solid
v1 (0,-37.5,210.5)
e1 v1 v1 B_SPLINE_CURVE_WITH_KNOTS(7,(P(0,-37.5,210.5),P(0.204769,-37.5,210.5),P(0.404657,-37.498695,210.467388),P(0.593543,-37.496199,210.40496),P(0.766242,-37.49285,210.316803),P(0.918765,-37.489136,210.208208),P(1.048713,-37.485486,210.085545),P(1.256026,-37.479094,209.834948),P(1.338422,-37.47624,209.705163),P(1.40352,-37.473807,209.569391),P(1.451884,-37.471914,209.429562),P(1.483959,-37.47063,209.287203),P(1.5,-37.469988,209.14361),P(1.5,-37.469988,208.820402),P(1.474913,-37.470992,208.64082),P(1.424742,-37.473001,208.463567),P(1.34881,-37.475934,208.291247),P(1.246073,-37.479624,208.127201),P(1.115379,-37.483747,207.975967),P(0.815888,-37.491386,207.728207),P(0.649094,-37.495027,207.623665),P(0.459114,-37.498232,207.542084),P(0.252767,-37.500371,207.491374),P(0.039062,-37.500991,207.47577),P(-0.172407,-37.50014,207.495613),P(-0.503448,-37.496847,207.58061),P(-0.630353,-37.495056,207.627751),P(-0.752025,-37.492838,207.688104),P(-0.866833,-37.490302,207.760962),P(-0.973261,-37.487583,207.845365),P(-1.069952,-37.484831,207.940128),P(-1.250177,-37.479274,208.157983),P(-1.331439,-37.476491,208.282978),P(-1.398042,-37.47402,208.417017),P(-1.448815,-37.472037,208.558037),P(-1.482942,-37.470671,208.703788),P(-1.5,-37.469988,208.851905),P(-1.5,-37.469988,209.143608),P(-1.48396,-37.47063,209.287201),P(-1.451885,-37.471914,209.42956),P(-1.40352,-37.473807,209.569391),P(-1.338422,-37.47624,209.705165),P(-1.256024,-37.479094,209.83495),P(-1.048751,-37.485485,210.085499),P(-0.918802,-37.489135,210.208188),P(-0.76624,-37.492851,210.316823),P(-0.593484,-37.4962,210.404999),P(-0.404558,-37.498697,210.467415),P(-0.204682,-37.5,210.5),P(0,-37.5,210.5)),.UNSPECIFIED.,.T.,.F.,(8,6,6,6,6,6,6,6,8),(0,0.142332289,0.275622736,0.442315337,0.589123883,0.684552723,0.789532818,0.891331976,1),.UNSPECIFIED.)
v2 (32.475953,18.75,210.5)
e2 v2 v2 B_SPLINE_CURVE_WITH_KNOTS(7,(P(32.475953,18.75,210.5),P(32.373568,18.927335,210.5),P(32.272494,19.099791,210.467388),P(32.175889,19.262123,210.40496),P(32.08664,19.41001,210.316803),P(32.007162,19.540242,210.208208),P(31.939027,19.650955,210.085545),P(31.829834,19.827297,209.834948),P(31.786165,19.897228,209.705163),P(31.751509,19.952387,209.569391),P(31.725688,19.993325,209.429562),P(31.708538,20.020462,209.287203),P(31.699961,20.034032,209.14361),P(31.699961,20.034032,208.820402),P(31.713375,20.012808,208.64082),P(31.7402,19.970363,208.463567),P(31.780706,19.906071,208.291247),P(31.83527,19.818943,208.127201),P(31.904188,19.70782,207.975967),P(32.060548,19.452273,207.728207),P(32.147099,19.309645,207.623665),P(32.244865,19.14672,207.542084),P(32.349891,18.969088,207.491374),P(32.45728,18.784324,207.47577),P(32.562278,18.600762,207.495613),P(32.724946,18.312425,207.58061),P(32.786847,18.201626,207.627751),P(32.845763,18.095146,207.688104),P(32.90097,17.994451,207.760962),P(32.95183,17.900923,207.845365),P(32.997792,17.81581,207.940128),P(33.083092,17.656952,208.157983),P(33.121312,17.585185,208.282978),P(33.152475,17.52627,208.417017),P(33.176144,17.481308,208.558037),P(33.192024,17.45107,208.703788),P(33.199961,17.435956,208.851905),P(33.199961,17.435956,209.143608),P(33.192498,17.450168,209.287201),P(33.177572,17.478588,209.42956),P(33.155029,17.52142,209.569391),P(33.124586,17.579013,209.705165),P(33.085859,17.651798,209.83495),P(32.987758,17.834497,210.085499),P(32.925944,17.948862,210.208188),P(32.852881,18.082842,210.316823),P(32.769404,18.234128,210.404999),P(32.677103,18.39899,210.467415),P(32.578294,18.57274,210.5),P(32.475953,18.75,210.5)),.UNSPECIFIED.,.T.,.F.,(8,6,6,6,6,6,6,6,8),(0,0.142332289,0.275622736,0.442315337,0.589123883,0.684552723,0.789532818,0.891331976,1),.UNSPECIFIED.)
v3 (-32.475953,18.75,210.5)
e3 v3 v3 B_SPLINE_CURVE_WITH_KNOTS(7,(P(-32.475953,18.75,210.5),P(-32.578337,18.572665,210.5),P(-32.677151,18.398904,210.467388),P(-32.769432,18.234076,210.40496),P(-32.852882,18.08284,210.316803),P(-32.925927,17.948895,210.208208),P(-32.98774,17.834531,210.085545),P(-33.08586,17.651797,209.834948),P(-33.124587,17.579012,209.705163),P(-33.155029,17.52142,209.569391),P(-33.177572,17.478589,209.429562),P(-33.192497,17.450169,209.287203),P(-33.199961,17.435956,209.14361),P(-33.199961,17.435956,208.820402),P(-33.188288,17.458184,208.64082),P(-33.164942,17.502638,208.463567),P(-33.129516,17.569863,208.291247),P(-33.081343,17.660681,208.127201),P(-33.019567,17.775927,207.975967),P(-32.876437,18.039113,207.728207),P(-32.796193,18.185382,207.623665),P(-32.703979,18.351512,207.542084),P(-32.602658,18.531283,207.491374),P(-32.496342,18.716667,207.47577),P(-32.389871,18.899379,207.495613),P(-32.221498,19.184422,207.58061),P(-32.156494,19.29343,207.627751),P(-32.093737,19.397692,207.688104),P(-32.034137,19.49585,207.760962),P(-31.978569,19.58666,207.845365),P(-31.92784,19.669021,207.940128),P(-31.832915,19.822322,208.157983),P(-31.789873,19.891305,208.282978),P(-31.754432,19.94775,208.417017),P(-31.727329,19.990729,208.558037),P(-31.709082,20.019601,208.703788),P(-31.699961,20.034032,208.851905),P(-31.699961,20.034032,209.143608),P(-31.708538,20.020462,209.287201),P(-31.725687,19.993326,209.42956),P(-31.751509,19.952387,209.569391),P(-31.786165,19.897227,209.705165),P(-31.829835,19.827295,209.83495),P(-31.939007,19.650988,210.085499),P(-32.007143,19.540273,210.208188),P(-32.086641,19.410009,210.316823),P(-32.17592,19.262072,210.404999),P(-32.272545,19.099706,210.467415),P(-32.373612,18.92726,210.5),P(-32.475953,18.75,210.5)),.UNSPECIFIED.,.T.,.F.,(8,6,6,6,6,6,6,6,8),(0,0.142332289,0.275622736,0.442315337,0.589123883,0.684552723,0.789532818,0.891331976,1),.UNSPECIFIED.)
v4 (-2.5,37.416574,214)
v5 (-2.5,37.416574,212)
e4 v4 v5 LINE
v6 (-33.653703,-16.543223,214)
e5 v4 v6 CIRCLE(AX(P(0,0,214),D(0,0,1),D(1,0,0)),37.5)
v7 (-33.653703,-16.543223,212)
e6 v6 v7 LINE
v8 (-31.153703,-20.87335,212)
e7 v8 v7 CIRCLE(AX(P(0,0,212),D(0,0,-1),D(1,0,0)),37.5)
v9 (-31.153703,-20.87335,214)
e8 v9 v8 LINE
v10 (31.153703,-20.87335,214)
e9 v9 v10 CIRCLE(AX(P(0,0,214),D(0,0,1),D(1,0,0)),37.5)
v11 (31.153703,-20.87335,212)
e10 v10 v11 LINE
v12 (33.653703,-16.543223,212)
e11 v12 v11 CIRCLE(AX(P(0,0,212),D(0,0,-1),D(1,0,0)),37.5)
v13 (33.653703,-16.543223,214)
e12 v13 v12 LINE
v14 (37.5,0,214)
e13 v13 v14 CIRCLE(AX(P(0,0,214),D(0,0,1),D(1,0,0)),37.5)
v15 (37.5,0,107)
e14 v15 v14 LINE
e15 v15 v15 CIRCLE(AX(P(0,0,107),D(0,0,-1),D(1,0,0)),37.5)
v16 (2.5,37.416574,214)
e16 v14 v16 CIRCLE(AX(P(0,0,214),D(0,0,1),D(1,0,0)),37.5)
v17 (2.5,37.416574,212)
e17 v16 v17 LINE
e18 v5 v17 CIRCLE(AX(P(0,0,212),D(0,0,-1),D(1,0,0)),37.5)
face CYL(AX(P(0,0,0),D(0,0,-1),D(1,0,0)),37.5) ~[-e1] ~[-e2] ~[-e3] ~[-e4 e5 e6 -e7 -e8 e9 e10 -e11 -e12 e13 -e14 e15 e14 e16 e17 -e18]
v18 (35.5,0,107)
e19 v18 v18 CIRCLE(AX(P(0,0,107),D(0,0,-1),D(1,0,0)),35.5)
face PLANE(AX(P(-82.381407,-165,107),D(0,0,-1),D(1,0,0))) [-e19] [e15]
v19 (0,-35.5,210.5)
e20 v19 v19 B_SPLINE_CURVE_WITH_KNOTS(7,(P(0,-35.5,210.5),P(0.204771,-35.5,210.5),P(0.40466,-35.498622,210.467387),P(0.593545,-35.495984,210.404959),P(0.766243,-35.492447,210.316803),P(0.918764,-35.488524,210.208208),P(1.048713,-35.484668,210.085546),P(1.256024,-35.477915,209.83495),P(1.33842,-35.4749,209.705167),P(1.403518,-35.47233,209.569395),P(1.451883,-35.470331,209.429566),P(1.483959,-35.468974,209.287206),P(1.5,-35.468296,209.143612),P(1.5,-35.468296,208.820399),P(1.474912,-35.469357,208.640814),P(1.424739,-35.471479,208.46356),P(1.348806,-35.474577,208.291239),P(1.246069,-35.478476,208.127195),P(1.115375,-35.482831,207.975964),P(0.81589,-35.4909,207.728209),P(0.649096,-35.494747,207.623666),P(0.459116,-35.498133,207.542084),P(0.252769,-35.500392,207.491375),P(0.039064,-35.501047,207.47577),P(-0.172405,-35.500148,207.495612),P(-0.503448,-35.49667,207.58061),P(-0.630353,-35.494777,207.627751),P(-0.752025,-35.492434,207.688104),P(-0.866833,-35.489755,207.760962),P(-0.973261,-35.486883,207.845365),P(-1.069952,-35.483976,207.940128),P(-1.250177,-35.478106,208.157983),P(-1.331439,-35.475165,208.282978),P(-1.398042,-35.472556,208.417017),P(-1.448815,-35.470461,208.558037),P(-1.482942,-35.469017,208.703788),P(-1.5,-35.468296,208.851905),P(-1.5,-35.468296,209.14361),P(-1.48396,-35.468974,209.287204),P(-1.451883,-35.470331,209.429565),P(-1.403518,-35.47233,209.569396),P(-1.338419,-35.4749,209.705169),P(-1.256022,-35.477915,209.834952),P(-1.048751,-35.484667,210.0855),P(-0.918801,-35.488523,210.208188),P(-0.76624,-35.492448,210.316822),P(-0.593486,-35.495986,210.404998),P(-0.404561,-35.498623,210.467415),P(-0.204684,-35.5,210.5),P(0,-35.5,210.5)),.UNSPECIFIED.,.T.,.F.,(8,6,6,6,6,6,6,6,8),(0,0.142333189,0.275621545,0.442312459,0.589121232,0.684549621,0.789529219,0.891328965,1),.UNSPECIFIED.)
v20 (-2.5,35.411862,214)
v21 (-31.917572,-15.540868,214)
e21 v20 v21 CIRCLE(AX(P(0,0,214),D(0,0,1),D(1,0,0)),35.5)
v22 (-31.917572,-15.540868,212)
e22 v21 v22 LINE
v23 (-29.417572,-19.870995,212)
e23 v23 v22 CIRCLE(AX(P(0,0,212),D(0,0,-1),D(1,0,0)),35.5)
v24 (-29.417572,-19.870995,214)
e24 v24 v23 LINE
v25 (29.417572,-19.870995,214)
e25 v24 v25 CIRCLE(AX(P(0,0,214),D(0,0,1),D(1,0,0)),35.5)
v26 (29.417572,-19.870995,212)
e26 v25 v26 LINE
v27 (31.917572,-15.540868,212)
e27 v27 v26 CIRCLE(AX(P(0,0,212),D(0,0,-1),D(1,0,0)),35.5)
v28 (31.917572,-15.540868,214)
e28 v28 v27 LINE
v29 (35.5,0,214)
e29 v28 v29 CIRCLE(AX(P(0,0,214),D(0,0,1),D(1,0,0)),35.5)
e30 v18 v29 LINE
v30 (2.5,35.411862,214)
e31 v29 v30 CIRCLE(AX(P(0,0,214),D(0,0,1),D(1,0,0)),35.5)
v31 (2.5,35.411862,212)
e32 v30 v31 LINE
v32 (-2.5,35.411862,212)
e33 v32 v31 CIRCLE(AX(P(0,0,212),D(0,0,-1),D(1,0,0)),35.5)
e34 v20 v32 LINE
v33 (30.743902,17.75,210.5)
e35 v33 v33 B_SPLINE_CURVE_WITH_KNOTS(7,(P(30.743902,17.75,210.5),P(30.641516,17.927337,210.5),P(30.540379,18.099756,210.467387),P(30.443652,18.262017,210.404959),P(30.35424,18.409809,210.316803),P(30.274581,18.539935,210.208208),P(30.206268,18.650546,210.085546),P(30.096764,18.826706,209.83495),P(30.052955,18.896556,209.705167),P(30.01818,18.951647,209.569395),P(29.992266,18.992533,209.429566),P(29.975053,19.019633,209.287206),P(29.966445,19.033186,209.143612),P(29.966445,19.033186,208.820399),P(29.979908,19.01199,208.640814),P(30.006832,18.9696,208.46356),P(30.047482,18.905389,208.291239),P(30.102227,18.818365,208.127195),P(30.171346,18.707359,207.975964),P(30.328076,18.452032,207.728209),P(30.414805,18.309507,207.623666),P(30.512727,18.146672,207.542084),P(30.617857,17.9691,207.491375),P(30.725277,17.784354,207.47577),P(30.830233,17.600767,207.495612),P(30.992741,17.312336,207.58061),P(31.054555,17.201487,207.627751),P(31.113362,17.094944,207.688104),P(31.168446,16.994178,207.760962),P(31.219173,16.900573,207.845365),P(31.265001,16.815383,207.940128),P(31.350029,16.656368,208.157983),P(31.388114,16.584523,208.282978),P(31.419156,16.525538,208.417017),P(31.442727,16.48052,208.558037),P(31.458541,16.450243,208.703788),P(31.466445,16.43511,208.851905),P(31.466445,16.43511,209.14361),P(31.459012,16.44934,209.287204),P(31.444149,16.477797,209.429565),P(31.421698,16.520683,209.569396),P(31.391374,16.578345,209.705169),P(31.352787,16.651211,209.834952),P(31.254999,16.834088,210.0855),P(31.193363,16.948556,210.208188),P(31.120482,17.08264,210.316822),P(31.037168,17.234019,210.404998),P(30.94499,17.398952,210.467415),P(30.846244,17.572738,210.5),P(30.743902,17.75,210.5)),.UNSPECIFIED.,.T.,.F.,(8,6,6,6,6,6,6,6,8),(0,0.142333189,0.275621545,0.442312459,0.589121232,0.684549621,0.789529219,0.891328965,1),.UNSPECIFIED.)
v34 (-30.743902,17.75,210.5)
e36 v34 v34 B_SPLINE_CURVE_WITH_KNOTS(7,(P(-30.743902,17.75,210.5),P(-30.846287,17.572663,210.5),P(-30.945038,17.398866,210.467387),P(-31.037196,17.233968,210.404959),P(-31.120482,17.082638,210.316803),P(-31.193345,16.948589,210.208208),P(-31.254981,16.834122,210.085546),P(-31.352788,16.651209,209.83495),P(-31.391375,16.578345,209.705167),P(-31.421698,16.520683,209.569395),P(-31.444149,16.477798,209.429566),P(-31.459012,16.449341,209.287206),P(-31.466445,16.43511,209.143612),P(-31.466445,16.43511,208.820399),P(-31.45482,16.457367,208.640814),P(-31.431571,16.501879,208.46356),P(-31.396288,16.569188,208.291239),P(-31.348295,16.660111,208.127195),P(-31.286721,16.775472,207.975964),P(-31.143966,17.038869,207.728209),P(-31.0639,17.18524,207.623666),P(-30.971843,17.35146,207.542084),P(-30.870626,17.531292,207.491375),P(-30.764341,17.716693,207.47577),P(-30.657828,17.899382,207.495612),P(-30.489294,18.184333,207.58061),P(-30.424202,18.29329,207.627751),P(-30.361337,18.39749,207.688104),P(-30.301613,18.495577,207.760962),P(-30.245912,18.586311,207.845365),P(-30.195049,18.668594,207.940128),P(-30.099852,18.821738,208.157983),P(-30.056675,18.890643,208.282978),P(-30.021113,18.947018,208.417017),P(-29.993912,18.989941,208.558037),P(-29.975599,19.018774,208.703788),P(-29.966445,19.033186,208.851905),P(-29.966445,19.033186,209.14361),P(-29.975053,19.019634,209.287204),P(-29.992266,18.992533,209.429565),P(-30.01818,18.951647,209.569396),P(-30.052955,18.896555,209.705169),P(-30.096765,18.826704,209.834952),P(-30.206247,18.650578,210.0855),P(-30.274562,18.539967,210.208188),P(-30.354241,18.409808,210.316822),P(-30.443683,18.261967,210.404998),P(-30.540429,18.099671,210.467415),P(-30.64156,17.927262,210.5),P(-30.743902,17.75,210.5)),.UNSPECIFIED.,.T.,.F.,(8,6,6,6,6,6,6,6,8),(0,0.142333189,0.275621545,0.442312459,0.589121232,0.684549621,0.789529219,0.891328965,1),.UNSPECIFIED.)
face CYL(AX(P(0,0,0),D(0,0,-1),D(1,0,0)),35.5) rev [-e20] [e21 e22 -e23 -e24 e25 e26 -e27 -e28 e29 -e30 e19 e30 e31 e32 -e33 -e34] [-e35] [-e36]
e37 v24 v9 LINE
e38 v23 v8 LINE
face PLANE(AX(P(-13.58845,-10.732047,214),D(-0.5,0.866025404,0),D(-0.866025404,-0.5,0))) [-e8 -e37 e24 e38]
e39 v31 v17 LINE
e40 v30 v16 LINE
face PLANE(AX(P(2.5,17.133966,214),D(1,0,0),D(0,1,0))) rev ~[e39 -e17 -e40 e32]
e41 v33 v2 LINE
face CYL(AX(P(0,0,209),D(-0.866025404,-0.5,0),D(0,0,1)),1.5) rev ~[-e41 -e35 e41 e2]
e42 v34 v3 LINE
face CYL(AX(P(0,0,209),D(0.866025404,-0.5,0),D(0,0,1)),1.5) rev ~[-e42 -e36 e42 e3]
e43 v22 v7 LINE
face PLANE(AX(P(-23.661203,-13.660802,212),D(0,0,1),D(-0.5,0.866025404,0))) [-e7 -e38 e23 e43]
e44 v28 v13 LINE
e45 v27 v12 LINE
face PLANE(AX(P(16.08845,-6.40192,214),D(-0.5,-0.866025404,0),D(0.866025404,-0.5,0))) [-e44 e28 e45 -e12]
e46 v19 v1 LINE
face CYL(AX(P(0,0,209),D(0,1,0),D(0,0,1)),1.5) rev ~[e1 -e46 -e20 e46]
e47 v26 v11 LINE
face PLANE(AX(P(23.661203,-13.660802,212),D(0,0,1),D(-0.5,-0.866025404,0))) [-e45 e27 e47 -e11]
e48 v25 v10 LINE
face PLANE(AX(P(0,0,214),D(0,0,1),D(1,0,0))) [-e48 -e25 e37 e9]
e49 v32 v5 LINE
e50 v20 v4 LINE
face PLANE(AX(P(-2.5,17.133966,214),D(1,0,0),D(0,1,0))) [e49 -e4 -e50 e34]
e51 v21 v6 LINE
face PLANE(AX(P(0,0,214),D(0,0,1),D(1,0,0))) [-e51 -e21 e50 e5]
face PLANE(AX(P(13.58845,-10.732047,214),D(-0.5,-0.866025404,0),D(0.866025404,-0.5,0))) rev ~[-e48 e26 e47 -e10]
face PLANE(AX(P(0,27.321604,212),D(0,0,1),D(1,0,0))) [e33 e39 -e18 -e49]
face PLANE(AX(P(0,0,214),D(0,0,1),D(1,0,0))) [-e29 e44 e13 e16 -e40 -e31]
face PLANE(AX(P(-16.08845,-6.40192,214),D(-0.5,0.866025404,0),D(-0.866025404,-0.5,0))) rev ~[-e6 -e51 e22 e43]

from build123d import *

# Parameters (mm, degrees)
SKETCH_1_R               = 37.5
SKETCH_1_R_2             = 35.5
EXTRUDE_1_DEPTH          = 214
SKETCH_2_R               = 1.5
CUT_EXTRUDE_1_DEPTH      = 88
PATTERN_CIRCULAR_1_COUNT = 3
SKETCH_3_W               = 5
SKETCH_3_H               = 20.375275098
CUT_EXTRUDE_2_DEPTH      = 2
PATTERN_CIRCULAR_2_COUNT = 3
SKETCH_4_W               = 5
SKETCH_4_H               = 20.375275098
CUT_EXTRUDE_3_DEPTH      = 2
PATTERN_CIRCULAR_3_COUNT = 3
CUT_EXTRUDE_4_DEPTH      = 156
CUT_EXTRUDE_4_DEPTH_BACK = 165
SKETCH_5_W               = 164.762813688
SKETCH_5_H               = 214


with BuildPart() as part:
    # Эскиз1 → Бобышка-Вытянуть1 (new body)
    with BuildSketch(Plane.XY):
        Circle(SKETCH_1_R)
        Circle(SKETCH_1_R_2, mode=Mode.SUBTRACT)
    extrude(amount=EXTRUDE_1_DEPTH)

    # Эскиз2 → Вырез-Вытянуть1 (cut)
    with BuildSketch(Plane(origin=(0, 0, 0), x_dir=(1, 0, 0), z_dir=(0, 1, 0))):
        with Locations(Location((0, -5, 0), (0, 0, 270))):
            Circle(SKETCH_2_R)
        with Locations(Location((0, -209, 0), (0, 0, 270))):
            Circle(SKETCH_2_R)
    cut_extrude_1 = extrude(amount=-CUT_EXTRUDE_1_DEPTH, mode=Mode.SUBTRACT)

    # Круговой массив1: Вырез-Вытянуть1 ×3 about axis
    pattern_circular_1_axis = Axis((0, 0, 214), (0, 0, -1))
    for i in range(1, PATTERN_CIRCULAR_1_COUNT):
        add(cut_extrude_1.rotate(pattern_circular_1_axis, i * 360 / PATTERN_CIRCULAR_1_COUNT), mode=Mode.SUBTRACT)

    # Эскиз3 → Вырез-Вытянуть2 (cut)
    with BuildSketch(Plane(origin=(0, 0, 0), x_dir=(-1, 0, 0), z_dir=(0, 0, -1))):
        with Locations((0, 27.321603857)):
            Rectangle(SKETCH_3_W, SKETCH_3_H)
    cut_extrude_2 = extrude(amount=-CUT_EXTRUDE_2_DEPTH, mode=Mode.SUBTRACT)

    # Круговой массив2: Вырез-Вытянуть2 ×3 about axis
    pattern_circular_2_axis = Axis((0, 0, 0), (0, 0, 1))
    for i in range(1, PATTERN_CIRCULAR_2_COUNT):
        add(cut_extrude_2.rotate(pattern_circular_2_axis, i * 360 / PATTERN_CIRCULAR_2_COUNT), mode=Mode.SUBTRACT)

    # Эскиз4 → Вырез-Вытянуть3 (cut)
    with BuildSketch(Plane.XY.offset(214)):
        with Locations((0, 27.321603857)):
            Rectangle(SKETCH_4_W, SKETCH_4_H)
    cut_extrude_3 = extrude(amount=-CUT_EXTRUDE_3_DEPTH, mode=Mode.SUBTRACT)

    # Круговой массив3: Вырез-Вытянуть3 ×3 about axis
    pattern_circular_3_axis = Axis((0, 0, 0), (0, 0, 1))
    for i in range(1, PATTERN_CIRCULAR_3_COUNT):
        add(cut_extrude_3.rotate(pattern_circular_3_axis, i * 360 / PATTERN_CIRCULAR_3_COUNT), mode=Mode.SUBTRACT)

    # Эскиз5 → Вырез-Вытянуть4 (cut, two sides: drawn at the far end of the back side and taken through both)
    with BuildSketch(Plane(origin=(0, 0, 0), x_dir=(1, 0, 0), z_dir=(0, 1, 0)).offset(-CUT_EXTRUDE_4_DEPTH_BACK)):
        Rectangle(SKETCH_5_W, SKETCH_5_H)
    extrude(amount=CUT_EXTRUDE_4_DEPTH + CUT_EXTRUDE_4_DEPTH_BACK, mode=Mode.SUBTRACT)


solid = part.part
